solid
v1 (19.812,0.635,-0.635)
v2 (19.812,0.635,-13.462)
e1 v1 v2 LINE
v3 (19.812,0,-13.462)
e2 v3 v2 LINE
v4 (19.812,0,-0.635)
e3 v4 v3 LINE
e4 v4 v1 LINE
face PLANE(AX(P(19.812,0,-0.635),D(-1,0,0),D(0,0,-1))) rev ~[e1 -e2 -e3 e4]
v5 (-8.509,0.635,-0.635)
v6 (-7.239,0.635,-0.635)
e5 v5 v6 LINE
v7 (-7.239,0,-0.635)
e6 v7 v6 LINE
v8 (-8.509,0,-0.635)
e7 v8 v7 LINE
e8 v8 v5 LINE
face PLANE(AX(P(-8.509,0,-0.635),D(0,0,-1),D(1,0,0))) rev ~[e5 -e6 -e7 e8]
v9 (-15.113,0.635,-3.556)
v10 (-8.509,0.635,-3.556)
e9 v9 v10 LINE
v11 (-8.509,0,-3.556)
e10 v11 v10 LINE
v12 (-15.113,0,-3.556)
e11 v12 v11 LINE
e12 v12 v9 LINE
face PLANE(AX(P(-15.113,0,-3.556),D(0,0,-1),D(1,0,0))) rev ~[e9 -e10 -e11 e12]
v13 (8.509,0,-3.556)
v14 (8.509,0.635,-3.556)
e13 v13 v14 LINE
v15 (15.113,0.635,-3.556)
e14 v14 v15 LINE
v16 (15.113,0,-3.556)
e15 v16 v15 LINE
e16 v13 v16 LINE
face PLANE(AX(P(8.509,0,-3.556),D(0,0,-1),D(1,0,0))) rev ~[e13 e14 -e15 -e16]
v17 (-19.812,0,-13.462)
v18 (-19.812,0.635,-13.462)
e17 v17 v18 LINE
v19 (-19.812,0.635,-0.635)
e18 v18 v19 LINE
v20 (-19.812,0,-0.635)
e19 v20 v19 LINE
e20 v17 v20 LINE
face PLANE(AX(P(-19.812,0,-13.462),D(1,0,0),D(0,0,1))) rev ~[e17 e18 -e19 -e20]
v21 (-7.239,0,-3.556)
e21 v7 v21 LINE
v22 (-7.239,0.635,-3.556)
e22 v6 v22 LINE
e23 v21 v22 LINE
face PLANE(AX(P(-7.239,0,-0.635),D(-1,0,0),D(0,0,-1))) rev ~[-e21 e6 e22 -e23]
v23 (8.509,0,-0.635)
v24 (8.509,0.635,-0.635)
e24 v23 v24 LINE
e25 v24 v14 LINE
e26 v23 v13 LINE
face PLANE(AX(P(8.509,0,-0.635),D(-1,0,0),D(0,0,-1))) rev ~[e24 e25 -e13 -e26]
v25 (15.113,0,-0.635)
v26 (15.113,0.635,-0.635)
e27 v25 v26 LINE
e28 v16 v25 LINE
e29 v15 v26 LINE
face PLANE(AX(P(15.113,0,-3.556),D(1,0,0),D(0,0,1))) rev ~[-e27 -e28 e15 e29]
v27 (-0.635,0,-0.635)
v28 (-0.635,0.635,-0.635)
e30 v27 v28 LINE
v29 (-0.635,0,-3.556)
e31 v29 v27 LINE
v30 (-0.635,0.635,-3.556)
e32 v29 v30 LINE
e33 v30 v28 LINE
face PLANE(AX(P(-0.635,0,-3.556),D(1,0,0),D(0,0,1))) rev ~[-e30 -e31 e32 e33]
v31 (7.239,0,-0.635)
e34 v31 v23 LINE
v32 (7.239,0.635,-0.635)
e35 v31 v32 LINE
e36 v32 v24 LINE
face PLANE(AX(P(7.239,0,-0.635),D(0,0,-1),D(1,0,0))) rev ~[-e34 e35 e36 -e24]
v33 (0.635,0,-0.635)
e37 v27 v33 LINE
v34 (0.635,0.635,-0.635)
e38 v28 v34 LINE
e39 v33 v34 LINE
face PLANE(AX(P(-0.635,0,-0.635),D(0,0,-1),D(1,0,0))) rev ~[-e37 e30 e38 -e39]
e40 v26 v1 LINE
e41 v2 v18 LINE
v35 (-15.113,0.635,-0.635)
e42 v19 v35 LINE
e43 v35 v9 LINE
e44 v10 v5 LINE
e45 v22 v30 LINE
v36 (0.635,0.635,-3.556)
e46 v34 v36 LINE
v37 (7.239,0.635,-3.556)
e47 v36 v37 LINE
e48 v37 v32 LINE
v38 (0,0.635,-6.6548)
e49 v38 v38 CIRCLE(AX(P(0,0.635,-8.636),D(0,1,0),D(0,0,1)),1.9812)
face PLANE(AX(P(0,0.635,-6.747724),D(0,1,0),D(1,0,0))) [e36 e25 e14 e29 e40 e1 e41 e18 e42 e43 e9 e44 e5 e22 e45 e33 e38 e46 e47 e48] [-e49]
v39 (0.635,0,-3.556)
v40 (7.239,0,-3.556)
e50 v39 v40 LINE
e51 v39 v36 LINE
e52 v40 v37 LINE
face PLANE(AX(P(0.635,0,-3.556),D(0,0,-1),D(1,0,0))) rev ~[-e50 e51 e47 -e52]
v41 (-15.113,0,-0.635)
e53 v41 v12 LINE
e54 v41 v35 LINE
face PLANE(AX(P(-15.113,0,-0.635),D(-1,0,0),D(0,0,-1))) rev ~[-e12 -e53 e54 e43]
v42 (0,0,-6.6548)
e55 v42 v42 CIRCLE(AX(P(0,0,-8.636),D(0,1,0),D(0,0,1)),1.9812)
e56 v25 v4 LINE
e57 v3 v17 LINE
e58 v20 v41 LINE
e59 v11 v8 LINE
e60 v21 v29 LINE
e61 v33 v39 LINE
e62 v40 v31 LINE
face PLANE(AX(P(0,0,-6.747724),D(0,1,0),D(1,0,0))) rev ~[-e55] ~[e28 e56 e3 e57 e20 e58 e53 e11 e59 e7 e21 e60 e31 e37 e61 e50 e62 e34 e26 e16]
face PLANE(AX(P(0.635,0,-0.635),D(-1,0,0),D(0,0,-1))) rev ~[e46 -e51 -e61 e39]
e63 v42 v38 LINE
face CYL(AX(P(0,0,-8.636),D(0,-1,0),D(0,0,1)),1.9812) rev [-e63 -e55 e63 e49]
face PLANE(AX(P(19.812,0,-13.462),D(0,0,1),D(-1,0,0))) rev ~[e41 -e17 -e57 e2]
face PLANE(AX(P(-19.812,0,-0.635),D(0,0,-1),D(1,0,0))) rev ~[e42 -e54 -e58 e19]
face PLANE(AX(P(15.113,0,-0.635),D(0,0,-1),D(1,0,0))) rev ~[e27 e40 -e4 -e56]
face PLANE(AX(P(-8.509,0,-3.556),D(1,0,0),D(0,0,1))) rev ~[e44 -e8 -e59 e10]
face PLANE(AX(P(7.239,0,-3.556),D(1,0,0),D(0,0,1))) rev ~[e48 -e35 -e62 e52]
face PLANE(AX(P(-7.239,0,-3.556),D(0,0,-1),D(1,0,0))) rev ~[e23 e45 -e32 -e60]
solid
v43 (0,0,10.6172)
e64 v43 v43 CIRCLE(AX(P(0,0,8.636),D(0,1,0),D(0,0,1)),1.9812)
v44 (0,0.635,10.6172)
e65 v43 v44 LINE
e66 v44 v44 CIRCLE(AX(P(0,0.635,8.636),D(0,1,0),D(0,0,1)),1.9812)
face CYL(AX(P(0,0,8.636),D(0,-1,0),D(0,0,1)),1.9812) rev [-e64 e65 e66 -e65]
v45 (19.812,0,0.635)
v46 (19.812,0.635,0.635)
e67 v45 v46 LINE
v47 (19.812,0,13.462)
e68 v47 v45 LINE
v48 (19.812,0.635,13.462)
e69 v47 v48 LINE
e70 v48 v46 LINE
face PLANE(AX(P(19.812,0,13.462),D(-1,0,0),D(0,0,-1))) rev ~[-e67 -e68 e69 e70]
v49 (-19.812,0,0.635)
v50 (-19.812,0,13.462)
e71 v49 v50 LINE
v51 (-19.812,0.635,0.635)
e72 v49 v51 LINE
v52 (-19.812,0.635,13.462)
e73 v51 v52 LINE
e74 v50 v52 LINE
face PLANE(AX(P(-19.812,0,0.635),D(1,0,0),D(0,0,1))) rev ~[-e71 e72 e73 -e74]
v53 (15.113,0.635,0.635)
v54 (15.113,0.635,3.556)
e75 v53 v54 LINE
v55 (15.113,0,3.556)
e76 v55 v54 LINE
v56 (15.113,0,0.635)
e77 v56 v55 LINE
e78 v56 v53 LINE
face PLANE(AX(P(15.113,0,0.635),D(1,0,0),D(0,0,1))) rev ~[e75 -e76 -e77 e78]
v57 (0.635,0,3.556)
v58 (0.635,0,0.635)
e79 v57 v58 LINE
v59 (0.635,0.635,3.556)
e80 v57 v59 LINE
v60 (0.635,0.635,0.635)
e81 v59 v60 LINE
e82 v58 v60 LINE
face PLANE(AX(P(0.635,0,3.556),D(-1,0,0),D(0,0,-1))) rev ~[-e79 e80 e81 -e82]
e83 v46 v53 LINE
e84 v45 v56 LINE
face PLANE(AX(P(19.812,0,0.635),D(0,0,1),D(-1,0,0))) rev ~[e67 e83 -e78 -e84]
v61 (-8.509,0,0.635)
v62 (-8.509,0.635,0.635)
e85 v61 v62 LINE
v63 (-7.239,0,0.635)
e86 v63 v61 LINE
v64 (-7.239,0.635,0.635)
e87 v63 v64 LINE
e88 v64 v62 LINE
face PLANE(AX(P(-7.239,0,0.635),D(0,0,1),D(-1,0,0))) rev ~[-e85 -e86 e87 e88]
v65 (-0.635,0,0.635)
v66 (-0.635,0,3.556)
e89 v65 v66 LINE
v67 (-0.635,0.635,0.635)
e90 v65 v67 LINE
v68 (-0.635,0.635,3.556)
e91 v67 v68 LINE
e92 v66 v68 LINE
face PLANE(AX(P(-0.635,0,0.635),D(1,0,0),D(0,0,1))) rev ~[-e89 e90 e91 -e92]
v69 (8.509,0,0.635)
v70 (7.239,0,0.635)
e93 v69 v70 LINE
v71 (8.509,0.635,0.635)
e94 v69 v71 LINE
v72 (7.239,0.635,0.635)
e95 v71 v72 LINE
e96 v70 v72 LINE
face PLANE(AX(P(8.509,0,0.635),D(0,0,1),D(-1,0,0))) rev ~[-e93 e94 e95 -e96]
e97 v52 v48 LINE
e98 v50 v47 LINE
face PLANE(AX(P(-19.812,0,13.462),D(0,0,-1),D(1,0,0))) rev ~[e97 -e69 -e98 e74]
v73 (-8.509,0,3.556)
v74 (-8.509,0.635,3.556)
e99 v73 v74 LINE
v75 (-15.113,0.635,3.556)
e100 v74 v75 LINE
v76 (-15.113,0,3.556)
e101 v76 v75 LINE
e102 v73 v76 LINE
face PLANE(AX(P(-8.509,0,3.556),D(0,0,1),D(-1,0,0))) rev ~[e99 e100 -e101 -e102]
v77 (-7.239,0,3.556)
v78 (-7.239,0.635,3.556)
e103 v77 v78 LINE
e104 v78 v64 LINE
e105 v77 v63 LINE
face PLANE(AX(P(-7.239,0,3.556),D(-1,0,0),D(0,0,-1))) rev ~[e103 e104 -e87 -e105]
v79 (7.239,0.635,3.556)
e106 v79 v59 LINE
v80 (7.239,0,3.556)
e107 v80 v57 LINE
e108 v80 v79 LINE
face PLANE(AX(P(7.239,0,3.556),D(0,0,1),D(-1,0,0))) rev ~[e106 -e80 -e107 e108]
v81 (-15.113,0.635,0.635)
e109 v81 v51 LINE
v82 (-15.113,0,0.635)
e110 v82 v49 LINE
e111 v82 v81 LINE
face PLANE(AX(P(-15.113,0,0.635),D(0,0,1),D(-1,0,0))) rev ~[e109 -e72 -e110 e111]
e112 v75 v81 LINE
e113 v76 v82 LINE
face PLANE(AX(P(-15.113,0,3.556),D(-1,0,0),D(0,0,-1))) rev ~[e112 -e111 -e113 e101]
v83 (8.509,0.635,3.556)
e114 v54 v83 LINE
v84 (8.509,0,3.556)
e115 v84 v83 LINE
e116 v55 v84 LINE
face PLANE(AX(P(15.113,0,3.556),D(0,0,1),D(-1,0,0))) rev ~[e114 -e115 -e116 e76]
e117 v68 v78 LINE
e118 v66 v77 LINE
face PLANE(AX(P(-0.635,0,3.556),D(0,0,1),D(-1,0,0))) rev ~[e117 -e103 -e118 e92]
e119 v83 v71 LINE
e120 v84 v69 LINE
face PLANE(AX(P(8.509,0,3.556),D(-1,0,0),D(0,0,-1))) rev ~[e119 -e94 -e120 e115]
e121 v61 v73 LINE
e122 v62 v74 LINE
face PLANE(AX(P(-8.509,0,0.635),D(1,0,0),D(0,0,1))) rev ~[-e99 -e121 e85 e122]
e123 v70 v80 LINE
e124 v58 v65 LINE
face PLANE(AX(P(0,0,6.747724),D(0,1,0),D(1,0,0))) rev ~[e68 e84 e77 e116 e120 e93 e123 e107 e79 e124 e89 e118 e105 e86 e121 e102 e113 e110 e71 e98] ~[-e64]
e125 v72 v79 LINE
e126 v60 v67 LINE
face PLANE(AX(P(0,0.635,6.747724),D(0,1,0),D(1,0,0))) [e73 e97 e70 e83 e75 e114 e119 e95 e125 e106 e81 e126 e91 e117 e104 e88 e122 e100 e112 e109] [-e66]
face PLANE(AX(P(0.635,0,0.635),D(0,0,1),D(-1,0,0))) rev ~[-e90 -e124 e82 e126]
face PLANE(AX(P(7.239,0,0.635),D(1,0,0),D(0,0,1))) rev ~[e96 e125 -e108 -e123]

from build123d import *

# Parameters (mm, degrees)
SKETCH2_R             = 1.9812
BOSS_EXTRUDE1_DEPTH   = 0.635
BOSS_EXTRUDE1_2_DEPTH = 0.635


with BuildPart() as part:
    # Sketch2 → Boss-Extrude1 (new body)
    with BuildSketch(Plane(origin=(0, 0, 0), x_dir=(1, 0, 0), z_dir=(0, 1, 0))):
        Polygon((-19.812, 13.462), (-19.812, 0.635), (-15.113, 0.635), (-15.113, 3.556), (-8.509, 3.556), (-8.509, 0.635), (-7.239, 0.635), (-7.239, 3.556), (-0.635, 3.556), (-0.635, 0.635), (0.635, 0.635), (0.635, 3.556), (7.239, 3.556), (7.239, 0.635), (8.509, 0.635), (8.509, 3.556), (15.113, 3.556), (15.113, 0.635), (19.812, 0.635), (19.812, 13.462), align=None)
        with Locations(Location((0, 8.636, 0), (0, 0, 270))):
            Circle(SKETCH2_R, mode=Mode.SUBTRACT)
    extrude(amount=BOSS_EXTRUDE1_DEPTH)


with BuildPart() as body_2:
    # Sketch2 → Boss-Extrude1 2 (new body)
    with BuildSketch(Plane(origin=(0, 0, 0), x_dir=(1, 0, 0), z_dir=(0, 1, 0))):
        Polygon((-15.113, -0.635), (-19.812, -0.635), (-19.812, -13.462), (19.812, -13.462), (19.812, -0.635), (15.113, -0.635), (15.113, -3.556), (8.509, -3.556), (8.509, -0.635), (7.239, -0.635), (7.239, -3.556), (0.635, -3.556), (0.635, -0.635), (-0.635, -0.635), (-0.635, -3.556), (-7.239, -3.556), (-7.239, -0.635), (-8.509, -0.635), (-8.509, -3.556), (-15.113, -3.556), align=None)
        with Locations(Location((0, -8.636, 0), (0, 0, 270))):
            Circle(SKETCH2_R, mode=Mode.SUBTRACT)
    extrude(amount=BOSS_EXTRUDE1_2_DEPTH)


solid = Compound([part.part, body_2.part])
